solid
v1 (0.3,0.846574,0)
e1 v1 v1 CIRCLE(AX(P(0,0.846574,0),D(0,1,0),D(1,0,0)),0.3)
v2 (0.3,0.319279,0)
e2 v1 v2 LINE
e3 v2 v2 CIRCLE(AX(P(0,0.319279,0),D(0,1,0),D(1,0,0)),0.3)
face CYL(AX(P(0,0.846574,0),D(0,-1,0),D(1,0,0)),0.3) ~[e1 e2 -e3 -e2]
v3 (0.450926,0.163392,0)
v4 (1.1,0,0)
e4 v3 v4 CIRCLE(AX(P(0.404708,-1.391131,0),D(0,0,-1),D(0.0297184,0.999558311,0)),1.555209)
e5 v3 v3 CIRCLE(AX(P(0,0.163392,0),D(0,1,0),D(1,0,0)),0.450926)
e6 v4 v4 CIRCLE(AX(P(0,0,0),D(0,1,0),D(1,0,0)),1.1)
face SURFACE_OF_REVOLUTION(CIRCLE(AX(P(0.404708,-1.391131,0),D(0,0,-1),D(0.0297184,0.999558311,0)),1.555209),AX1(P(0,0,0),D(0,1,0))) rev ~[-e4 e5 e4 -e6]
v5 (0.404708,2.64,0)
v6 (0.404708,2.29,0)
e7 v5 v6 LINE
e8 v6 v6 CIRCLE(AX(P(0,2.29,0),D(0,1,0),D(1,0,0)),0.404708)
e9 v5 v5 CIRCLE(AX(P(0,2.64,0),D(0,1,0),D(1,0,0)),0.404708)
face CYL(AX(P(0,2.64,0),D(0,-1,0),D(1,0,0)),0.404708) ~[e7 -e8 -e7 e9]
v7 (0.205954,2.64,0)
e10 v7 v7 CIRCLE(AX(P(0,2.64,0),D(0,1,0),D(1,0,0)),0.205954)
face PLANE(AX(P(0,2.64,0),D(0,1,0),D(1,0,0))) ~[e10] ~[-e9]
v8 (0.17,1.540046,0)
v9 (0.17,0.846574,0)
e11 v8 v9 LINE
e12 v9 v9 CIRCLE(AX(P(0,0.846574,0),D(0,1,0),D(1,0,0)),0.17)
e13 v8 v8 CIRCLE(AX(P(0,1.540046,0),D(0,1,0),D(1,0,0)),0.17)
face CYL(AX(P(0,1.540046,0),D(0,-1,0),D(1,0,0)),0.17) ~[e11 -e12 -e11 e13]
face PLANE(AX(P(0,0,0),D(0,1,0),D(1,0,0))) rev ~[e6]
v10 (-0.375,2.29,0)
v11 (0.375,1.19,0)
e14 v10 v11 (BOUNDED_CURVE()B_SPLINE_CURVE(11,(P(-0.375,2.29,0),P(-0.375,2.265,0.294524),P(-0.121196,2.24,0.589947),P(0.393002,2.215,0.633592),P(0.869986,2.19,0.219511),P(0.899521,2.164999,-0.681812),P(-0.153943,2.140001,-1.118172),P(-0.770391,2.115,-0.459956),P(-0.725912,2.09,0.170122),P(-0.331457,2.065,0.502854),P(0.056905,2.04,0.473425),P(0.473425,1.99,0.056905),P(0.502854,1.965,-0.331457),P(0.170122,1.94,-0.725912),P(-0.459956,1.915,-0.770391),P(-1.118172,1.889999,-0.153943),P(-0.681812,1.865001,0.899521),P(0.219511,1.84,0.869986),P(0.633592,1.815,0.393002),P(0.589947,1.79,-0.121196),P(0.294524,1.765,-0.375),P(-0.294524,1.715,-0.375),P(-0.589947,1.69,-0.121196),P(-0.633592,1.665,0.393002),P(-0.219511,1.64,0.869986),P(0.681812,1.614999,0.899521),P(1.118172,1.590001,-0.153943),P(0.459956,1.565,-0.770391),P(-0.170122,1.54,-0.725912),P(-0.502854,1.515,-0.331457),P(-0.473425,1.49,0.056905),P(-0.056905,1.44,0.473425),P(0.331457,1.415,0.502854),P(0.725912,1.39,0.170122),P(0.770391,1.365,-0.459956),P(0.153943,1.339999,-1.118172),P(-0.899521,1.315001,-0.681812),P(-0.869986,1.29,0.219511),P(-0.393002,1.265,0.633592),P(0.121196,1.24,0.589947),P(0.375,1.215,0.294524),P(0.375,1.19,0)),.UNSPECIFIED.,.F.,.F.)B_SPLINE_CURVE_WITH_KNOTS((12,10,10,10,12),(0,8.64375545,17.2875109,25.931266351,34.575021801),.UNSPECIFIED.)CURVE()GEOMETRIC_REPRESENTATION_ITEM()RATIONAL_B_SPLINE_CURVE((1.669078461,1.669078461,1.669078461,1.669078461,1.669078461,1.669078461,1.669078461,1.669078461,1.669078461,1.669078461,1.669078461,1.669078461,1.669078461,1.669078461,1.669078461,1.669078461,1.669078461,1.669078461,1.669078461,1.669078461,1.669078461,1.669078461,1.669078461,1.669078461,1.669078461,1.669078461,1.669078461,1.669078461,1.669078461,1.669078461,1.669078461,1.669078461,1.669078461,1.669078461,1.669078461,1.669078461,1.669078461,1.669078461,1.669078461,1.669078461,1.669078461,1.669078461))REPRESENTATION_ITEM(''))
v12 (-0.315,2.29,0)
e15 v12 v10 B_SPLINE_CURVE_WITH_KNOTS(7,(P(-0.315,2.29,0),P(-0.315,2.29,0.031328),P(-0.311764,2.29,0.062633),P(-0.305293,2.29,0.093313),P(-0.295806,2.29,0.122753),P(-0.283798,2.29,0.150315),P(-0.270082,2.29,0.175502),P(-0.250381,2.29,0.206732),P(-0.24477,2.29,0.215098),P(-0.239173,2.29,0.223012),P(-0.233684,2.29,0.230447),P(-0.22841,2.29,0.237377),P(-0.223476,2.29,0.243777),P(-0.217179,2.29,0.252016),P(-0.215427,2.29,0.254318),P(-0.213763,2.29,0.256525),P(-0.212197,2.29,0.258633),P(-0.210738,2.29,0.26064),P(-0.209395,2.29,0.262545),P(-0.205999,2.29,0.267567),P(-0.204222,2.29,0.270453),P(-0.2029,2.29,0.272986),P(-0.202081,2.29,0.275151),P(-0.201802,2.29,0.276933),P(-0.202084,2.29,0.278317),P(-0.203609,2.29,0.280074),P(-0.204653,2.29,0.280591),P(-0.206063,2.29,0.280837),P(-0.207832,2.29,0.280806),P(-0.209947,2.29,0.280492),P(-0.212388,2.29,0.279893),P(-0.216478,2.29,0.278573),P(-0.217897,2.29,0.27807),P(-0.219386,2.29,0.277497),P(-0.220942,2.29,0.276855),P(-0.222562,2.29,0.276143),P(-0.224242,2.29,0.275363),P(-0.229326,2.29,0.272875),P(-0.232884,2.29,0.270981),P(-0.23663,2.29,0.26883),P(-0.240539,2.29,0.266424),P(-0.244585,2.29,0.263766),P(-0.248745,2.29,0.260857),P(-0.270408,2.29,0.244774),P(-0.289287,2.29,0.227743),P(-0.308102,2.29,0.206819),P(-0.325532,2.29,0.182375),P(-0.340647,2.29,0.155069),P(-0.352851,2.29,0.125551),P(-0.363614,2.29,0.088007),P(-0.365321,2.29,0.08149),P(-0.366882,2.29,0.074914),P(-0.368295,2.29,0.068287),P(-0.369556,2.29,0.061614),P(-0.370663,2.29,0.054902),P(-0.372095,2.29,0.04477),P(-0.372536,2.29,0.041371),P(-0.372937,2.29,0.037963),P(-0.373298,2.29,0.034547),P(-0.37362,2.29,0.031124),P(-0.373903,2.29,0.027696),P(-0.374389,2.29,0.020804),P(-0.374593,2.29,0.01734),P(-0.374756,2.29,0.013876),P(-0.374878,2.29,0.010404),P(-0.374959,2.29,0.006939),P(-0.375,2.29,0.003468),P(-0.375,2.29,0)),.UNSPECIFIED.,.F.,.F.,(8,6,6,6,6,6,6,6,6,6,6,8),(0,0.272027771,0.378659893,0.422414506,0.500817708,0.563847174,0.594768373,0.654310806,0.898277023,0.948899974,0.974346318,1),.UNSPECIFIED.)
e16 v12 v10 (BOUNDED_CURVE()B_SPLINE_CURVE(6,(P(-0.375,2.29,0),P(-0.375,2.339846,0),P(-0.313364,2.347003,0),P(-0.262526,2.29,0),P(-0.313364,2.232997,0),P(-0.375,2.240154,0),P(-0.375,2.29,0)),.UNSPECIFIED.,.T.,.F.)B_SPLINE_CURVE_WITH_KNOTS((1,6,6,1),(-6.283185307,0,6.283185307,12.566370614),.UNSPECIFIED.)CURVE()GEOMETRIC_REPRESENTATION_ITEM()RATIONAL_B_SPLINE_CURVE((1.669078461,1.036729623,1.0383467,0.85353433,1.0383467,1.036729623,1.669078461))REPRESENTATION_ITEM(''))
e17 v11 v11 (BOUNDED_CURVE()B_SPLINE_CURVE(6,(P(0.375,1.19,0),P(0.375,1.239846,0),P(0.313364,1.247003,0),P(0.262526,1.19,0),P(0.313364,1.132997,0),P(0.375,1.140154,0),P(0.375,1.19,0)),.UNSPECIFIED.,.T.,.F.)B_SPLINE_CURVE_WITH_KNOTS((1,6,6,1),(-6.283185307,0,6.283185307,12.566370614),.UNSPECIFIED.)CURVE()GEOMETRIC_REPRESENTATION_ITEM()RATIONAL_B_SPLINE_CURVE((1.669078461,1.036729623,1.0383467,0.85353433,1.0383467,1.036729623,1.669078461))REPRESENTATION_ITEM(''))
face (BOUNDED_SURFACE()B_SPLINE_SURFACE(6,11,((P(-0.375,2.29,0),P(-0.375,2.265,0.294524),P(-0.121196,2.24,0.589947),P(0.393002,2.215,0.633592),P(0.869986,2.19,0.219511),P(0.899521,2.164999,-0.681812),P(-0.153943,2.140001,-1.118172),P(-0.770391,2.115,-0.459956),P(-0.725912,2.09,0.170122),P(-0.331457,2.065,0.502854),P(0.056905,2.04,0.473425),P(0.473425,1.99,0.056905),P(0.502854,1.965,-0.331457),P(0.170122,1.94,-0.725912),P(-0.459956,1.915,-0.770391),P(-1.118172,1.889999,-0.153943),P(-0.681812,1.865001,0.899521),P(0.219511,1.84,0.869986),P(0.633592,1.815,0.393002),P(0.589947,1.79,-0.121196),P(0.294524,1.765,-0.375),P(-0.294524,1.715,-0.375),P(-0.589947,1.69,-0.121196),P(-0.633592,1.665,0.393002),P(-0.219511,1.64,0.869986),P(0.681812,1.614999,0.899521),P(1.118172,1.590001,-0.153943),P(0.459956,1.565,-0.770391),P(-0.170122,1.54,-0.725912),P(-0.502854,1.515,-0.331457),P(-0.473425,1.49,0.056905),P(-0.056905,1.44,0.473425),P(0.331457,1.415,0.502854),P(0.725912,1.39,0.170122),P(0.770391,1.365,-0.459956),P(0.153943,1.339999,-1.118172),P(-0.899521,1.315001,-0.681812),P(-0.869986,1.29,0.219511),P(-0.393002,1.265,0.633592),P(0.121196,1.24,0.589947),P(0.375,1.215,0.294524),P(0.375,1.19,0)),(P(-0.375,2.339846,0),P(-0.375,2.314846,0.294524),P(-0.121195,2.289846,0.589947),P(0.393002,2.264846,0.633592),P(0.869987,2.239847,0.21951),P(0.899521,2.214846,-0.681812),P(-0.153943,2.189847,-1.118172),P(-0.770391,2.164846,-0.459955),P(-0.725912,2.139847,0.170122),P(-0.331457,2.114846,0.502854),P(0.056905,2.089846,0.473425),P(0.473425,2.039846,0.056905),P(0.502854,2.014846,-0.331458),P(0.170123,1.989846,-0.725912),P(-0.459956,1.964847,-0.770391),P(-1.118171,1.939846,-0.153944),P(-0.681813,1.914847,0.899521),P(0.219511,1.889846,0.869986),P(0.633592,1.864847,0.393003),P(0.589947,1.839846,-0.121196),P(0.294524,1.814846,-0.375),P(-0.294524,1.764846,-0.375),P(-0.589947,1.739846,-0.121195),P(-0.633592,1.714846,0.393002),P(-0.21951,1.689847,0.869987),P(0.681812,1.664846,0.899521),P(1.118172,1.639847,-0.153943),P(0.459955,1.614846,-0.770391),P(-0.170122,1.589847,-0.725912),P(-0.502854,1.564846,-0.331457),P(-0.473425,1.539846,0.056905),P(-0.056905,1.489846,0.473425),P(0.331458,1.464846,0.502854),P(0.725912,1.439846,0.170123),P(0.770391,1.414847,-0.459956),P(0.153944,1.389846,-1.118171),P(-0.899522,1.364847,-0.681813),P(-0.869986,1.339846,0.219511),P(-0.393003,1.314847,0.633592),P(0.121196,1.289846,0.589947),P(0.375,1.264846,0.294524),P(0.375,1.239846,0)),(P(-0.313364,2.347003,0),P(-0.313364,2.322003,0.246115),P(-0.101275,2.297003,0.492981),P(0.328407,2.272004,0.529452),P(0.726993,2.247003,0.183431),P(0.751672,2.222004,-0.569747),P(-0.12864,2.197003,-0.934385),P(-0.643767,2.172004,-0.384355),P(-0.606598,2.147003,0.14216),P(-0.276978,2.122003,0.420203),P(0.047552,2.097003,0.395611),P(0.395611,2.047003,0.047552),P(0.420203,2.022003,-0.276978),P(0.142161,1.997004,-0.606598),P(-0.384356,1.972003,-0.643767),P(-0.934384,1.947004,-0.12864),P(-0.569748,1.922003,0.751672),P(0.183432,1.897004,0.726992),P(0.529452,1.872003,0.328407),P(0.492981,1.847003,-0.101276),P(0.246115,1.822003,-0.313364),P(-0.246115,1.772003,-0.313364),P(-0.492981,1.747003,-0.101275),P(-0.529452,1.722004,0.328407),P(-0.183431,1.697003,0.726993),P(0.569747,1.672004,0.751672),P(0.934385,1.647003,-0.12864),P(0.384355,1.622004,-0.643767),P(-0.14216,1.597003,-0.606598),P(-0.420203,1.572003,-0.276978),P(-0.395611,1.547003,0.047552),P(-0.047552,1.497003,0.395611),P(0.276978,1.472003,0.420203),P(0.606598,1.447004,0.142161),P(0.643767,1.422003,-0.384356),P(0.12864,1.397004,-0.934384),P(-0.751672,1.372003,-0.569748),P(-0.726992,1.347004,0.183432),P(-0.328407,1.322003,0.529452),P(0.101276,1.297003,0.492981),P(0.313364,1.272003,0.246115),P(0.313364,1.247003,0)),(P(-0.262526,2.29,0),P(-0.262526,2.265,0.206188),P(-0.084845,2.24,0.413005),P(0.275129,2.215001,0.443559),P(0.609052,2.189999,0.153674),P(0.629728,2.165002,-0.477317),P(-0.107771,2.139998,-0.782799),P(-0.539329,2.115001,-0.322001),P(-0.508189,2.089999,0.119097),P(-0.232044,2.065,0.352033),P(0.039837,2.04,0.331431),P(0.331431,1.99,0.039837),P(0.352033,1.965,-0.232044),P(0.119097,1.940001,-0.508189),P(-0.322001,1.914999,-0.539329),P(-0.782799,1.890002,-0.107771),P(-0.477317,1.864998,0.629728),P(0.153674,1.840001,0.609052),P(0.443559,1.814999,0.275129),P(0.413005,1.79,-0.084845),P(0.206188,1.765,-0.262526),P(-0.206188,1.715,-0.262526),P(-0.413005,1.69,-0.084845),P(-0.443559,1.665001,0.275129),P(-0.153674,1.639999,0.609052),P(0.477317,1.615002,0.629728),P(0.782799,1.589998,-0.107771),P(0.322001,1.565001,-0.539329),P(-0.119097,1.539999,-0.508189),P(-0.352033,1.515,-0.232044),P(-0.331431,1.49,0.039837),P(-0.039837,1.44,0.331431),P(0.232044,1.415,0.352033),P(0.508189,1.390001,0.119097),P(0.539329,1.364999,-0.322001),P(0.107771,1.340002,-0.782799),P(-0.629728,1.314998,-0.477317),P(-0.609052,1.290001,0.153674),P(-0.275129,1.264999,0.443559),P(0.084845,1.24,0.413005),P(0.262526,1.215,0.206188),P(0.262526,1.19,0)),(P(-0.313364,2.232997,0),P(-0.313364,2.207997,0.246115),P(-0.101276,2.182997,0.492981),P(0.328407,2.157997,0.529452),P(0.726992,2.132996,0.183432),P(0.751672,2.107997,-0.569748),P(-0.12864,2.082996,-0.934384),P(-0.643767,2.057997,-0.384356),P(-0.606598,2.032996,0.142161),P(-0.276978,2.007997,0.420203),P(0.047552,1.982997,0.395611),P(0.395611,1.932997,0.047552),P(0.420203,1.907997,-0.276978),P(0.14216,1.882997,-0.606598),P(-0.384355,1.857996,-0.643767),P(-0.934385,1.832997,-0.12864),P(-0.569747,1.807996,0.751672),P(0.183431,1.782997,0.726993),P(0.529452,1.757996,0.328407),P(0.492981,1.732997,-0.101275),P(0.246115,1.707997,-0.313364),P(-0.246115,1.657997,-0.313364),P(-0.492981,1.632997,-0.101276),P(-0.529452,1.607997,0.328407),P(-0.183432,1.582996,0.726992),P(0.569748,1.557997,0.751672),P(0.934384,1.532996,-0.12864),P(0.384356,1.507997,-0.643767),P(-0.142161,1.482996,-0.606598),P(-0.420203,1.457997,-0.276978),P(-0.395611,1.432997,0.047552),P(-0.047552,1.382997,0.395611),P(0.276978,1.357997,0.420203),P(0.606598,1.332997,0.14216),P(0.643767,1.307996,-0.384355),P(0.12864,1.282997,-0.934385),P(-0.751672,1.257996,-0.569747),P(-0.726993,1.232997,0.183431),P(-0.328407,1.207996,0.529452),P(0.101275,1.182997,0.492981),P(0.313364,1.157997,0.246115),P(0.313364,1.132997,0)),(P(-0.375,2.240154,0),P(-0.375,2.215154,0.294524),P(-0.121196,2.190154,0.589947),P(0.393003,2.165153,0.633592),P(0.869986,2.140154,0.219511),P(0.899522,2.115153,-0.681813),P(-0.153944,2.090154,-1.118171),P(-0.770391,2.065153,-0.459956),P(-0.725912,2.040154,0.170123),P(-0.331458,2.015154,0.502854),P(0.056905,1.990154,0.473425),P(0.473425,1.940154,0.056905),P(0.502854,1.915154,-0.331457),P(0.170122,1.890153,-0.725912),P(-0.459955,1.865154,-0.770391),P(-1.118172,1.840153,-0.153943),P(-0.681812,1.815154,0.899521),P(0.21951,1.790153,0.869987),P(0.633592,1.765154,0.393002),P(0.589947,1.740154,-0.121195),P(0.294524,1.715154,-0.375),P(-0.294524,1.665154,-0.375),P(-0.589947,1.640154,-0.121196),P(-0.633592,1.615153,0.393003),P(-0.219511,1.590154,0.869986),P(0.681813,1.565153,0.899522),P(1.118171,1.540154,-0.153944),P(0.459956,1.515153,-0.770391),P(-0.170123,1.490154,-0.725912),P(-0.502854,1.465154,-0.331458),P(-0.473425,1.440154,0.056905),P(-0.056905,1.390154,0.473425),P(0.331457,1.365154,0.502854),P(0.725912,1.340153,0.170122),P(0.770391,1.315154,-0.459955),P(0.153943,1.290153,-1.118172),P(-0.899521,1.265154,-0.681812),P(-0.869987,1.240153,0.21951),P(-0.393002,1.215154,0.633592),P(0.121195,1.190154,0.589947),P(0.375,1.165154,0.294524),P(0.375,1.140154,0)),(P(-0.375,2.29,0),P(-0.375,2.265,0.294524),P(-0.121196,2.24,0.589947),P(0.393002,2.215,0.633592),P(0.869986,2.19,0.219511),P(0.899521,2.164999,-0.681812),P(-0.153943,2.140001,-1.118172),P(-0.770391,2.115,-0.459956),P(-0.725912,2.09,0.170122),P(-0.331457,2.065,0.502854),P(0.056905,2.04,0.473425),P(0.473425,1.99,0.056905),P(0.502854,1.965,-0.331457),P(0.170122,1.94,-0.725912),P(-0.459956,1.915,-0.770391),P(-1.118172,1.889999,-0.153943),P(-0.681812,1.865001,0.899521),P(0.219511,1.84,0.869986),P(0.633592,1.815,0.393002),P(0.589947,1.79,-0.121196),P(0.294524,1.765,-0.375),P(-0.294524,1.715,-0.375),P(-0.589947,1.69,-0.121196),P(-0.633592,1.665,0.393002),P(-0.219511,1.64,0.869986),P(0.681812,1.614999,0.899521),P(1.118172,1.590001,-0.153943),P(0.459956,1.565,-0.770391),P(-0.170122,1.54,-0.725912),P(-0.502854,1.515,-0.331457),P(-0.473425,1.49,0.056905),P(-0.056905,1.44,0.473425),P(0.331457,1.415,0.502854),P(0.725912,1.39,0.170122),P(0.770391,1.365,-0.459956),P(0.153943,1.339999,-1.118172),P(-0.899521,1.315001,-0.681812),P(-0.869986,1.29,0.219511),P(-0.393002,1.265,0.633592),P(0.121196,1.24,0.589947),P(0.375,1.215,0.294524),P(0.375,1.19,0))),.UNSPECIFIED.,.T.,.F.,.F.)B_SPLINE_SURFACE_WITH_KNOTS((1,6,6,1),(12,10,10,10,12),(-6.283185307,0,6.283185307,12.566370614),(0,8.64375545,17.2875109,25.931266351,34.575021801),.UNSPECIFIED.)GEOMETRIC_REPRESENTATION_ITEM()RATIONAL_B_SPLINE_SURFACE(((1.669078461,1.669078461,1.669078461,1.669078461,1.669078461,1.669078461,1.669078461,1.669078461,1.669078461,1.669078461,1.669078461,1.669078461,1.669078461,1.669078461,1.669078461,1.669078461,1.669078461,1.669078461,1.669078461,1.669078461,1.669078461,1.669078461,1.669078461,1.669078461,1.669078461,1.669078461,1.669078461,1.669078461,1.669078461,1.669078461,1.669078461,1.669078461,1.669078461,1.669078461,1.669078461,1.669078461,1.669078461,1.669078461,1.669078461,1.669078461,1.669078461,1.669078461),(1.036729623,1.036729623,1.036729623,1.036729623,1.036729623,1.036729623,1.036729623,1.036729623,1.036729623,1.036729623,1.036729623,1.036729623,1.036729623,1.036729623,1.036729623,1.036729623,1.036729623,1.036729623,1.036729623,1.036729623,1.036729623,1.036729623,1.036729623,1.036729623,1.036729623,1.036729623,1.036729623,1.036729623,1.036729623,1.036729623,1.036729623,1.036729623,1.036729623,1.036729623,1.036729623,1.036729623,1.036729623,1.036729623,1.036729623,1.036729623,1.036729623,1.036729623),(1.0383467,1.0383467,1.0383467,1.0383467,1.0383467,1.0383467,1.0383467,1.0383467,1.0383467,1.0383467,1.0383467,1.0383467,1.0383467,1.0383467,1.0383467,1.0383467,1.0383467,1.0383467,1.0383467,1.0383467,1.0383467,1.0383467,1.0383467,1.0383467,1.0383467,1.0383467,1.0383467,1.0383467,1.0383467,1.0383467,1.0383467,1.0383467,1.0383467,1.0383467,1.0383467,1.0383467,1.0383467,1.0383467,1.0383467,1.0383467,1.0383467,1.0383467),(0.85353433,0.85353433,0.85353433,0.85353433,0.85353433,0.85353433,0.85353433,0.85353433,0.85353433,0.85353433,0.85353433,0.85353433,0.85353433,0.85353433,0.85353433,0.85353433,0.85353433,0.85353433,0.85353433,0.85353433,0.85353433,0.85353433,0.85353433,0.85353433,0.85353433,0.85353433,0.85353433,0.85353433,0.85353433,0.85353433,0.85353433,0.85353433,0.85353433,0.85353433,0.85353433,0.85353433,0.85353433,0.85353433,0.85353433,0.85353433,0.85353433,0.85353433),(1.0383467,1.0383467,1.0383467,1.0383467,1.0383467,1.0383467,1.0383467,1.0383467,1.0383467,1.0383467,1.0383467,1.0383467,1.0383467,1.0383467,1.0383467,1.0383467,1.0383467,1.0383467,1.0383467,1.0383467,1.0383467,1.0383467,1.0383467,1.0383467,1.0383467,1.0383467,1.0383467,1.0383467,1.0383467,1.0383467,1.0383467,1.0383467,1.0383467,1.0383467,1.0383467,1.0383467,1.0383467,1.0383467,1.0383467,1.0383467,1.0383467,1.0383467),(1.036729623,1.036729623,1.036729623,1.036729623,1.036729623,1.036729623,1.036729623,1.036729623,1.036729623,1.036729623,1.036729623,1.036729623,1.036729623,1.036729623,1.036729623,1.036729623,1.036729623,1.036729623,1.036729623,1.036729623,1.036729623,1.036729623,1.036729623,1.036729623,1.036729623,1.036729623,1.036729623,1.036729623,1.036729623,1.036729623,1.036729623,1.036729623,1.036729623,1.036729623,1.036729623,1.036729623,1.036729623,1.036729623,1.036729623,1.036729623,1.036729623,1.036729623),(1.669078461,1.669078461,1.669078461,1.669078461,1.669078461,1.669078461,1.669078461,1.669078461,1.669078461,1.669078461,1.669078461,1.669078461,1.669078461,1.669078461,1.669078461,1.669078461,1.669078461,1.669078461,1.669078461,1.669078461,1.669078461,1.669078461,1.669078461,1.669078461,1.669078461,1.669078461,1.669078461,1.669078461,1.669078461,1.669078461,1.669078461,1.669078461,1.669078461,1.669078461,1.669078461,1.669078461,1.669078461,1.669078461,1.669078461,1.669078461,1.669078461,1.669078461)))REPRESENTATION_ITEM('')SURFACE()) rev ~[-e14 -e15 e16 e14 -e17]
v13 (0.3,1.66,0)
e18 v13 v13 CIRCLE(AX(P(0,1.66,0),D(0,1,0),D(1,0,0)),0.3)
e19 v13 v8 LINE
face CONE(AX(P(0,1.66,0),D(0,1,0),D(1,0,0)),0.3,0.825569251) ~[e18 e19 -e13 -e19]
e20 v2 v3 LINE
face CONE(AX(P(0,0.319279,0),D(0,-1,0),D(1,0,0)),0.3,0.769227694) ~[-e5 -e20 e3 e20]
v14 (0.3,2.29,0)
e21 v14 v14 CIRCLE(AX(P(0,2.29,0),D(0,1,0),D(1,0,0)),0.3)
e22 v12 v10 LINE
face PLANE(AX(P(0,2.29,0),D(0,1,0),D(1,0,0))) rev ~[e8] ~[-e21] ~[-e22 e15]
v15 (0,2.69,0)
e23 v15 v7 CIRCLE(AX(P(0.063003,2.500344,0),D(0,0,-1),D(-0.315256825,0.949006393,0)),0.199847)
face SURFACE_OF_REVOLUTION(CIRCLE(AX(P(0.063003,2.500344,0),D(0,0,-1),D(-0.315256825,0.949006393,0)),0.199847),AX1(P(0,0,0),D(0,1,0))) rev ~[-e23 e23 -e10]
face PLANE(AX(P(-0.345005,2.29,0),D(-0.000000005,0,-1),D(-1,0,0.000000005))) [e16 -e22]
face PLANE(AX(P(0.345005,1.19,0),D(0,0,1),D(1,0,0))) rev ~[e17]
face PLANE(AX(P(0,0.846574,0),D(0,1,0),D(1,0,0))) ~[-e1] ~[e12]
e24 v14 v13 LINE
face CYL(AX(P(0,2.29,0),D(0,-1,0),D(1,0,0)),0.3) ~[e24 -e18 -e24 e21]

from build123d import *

# Parameters (mm, degrees)
SWEEP1_PITCH       = 0.2
SWEEP1_HEIGHT      = 1.1
SWEEP1_RADIUS      = 0.345
SWEEP1_START_ANGLE = -90
SKETCH4_R          = 0.03


with BuildPart() as part:
    # Sketch2 → Revolve1 (revolve)
    with BuildSketch(Plane.XY):
        with BuildLine():
            Line((0, 0), (0, 2.69))
            ThreePointArc((0, 2.69), (0.110151103, 2.694549778), (0.205954483, 2.64))
            Line((0.205954483, 2.64), (0.40470766, 2.64))
            Line((0.40470766, 2.64), (0.40470766, 2.29))
            Line((0.40470766, 2.29), (0.3, 2.29))
            Line((0.3, 2.29), (0.3, 1.66))
            Line((0.3, 1.66), (0.17, 1.540046316))
            Line((0.17, 1.540046316), (0.17, 0.846574221))
            Line((0.17, 0.846574221), (0.3, 0.846574221))
            Line((0.3, 0.846574221), (0.3, 0.31927945))
            Line((0.3, 0.31927945), (0.450926, 0.163391695))
            ThreePointArc((0.450926, 0.163391695), (0.784357148, 0.117027877), (1.1, 0))
            Line((1.1, 0), (0, 0))
        make_face()
    revolve(axis=Axis((0, 0, 0), (0, 1, 0)))

    # Sweep1: sweep along a helix
    with BuildLine() as sweep1_path:
        add(Helix(SWEEP1_PITCH, SWEEP1_HEIGHT, SWEEP1_RADIUS, center=(0, 2.29, 0), direction=(0, -1, 0), lefthand=True, mode=Mode.PRIVATE).rotate(Axis((0, 2.29, 0), (0, -1, 0)), SWEEP1_START_ANGLE))
    # Sketch4 → Sweep1 (sweep)
    with BuildSketch(Plane.XY):
        with Locations((0.345, 1.19)):
            Circle(SKETCH4_R)
    sweep(path=sweep1_path.line, is_frenet=True)


solid = part.part
